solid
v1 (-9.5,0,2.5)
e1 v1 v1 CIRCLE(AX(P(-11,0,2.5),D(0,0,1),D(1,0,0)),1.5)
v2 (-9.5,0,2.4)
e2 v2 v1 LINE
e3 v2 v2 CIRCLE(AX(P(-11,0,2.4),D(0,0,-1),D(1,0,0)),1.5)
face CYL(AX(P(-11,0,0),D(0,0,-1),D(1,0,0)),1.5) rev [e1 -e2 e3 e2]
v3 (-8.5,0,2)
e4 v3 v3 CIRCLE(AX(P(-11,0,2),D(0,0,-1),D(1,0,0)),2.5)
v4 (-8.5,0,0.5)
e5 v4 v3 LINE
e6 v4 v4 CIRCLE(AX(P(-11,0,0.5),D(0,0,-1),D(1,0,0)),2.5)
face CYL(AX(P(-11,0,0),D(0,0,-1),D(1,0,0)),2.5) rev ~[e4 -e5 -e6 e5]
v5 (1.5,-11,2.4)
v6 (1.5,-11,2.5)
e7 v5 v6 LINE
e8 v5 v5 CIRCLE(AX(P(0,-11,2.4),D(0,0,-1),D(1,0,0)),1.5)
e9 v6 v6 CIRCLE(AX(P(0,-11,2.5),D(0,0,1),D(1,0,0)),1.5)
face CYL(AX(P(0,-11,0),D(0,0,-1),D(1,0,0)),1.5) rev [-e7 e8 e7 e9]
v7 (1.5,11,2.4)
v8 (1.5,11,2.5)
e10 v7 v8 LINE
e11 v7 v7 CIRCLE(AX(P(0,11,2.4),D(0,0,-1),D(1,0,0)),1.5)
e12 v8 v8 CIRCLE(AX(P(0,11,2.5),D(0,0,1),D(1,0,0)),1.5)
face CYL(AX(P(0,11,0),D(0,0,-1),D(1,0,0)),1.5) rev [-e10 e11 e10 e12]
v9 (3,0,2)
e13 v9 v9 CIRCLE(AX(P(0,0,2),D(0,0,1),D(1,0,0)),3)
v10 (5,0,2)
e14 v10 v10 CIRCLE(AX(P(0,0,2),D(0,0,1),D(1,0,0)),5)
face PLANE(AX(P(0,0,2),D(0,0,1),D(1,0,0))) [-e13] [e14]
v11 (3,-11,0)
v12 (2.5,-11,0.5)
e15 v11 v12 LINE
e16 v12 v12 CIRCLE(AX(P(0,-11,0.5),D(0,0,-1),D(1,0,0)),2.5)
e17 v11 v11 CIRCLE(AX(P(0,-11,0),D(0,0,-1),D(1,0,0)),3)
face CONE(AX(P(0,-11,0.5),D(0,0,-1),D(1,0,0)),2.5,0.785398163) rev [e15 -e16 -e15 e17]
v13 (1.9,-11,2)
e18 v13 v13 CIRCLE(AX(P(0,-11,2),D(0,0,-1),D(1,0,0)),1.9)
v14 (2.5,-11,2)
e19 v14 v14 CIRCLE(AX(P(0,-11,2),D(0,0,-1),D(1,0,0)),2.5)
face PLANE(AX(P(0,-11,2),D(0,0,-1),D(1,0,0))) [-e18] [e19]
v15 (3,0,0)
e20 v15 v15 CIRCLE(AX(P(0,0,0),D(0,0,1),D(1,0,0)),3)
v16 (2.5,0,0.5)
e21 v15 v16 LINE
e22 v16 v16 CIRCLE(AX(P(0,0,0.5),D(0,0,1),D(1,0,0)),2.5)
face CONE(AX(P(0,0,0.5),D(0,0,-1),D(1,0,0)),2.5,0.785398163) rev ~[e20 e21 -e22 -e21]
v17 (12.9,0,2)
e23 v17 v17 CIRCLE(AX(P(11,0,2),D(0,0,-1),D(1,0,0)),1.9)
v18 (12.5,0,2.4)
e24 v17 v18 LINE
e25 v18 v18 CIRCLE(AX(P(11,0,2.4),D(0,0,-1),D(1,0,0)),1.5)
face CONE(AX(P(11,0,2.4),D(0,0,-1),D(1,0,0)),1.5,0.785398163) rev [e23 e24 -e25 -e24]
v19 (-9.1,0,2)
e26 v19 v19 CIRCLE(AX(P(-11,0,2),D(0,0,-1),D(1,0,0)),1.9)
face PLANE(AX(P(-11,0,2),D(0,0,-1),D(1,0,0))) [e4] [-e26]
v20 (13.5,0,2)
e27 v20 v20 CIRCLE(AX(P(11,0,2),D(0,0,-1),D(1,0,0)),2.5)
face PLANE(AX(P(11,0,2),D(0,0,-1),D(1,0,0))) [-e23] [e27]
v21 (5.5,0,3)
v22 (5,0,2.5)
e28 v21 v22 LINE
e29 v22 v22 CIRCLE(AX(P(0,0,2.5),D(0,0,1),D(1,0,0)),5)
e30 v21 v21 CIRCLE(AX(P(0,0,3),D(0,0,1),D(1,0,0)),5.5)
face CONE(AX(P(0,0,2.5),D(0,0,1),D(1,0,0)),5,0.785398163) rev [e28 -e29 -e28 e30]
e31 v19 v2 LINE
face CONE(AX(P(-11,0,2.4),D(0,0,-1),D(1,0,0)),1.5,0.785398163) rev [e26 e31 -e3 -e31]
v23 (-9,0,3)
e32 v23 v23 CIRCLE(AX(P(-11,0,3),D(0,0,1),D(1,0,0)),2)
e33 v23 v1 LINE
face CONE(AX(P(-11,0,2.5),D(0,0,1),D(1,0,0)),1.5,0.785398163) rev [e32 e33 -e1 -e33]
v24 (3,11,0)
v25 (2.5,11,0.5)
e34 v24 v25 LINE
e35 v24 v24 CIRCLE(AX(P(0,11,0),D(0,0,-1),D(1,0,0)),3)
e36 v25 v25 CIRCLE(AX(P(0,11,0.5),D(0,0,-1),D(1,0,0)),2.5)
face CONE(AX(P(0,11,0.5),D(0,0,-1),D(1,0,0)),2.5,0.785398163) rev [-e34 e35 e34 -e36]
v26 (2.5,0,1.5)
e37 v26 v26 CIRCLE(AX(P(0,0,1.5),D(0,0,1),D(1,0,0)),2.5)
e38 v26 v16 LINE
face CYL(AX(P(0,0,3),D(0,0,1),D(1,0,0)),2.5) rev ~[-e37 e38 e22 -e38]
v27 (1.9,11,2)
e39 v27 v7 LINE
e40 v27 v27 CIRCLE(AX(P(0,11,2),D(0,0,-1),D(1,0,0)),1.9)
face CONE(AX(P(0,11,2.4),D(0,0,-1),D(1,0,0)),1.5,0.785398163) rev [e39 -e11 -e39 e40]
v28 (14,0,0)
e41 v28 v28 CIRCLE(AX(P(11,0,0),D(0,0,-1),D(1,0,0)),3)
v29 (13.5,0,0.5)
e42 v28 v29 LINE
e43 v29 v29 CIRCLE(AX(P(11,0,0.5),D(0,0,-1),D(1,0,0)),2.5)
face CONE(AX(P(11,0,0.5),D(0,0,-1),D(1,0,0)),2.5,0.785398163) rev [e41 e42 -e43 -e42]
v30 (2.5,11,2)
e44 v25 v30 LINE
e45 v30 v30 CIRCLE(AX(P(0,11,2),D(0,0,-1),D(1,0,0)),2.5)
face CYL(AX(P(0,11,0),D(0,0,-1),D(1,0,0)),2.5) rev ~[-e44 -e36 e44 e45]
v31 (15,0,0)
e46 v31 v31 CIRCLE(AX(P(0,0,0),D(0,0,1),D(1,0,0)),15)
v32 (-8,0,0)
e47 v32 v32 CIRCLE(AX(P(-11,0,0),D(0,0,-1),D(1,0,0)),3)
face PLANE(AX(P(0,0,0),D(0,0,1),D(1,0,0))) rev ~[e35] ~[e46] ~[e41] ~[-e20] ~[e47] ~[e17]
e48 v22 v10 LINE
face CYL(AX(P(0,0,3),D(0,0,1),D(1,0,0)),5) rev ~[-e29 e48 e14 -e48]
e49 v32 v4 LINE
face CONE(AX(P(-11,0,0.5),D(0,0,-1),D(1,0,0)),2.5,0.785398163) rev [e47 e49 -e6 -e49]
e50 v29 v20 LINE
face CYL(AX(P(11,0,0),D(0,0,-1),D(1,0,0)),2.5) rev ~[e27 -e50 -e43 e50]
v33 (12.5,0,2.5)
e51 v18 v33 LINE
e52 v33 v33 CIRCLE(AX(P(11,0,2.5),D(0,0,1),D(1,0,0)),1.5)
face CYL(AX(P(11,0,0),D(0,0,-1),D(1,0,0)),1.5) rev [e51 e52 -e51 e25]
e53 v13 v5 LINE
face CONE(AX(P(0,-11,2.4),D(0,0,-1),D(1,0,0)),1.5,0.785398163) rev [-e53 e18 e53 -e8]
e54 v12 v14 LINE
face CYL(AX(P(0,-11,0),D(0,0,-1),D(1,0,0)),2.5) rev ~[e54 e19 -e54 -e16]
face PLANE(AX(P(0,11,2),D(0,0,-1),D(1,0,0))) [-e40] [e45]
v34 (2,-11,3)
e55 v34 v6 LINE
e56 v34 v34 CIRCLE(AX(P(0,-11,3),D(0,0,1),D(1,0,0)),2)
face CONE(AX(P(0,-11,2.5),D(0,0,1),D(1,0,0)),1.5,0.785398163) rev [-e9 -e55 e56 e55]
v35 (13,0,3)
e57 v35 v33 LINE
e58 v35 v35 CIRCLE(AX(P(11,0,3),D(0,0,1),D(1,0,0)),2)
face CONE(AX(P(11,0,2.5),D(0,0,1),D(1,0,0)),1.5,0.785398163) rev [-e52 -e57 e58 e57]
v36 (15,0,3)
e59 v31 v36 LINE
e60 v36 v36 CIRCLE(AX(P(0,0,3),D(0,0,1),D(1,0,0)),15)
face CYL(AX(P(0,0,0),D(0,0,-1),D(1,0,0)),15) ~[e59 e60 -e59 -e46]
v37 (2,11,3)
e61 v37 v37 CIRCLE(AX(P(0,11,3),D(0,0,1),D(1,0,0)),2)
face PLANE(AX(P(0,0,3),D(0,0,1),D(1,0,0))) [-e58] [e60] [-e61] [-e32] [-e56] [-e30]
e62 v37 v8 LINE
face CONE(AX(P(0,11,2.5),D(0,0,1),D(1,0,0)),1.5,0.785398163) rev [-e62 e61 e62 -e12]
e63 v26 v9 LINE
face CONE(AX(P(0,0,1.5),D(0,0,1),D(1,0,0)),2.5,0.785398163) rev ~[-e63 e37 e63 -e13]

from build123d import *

# Parameters (mm, degrees)
SKETCH_R        = 15
SKETCH_R_2      = 1.5
PAD_DEPTH       = 3
SKETCH002_R     = 2.5
POCKET_DEPTH    = 9
SKETCH001_R     = 5
POCKET001_DEPTH = 1
SKETCH003_R     = 2.5
POCKET002_DEPTH = 2
CHAMFER_SIZE    = 0.5
CHAMFER001_SIZE = 0.4


with BuildPart() as part:
    # Sketch → Pad (new body)
    with BuildSketch(Plane.XY):
        Circle(SKETCH_R)
        with Locations((0, 11)):
            Circle(SKETCH_R_2, mode=Mode.SUBTRACT)
        with Locations((-11, 0)):
            Circle(SKETCH_R_2, mode=Mode.SUBTRACT)
        with Locations((0, -11)):
            Circle(SKETCH_R_2, mode=Mode.SUBTRACT)
        with Locations((11, 0)):
            Circle(SKETCH_R_2, mode=Mode.SUBTRACT)
    extrude(amount=PAD_DEPTH)

    # Sketch002 (on Face7 of Pad) → Pocket (cut)
    with BuildSketch(Plane.XY.offset(3)):
        Circle(SKETCH002_R)
    extrude(amount=-POCKET_DEPTH, mode=Mode.SUBTRACT)

    # Sketch001 (on Face7 of Pad) → Pocket001 (cut)
    with BuildSketch(Plane.XY.offset(3)):
        Circle(SKETCH001_R)
    extrude(amount=-POCKET001_DEPTH, mode=Mode.SUBTRACT)

    # Sketch003 (on Face2 of Pocket001) → Pocket002 (cut)
    with BuildSketch(Plane(origin=(0, 0, 0), x_dir=(1, 0, 0), z_dir=(0, 0, -1))):
        with Locations((0, 11)):
            Circle(SKETCH003_R)
        with Locations((11, 0)):
            Circle(SKETCH003_R)
        with Locations((0, -11)):
            Circle(SKETCH003_R)
        with Locations((-11, 0)):
            Circle(SKETCH003_R)
    extrude(amount=-POCKET002_DEPTH, mode=Mode.SUBTRACT)

    # Chamfer
    chamfer_edges = [part.edges().sort_by_distance(p)[0] for p in [
        (-1.5, 11, 3),
        (9.5, 0, 3),
        (-1.5, -11, 3),
        (-12.5, 0, 3),
        (-5, 0, 3),
        (-2.5, 0, 2),
        (-2.5, -11, 0),
        (8.5, 0, 0),
        (-2.5, 11, 0),
        (-13.5, 0, 0),
        (-2.5, 0, 0),
    ]]
    chamfer(chamfer_edges, length=CHAMFER_SIZE)

    # Chamfer001
    chamfer001_edges = [part.edges().sort_by_distance(p)[0] for p in [
        (-1.5, -11, 2),
        (9.5, 0, 2),
        (-1.5, 11, 2),
        (-12.5, 0, 2),
    ]]
    chamfer(chamfer001_edges, length=CHAMFER001_SIZE)


solid = part.part
